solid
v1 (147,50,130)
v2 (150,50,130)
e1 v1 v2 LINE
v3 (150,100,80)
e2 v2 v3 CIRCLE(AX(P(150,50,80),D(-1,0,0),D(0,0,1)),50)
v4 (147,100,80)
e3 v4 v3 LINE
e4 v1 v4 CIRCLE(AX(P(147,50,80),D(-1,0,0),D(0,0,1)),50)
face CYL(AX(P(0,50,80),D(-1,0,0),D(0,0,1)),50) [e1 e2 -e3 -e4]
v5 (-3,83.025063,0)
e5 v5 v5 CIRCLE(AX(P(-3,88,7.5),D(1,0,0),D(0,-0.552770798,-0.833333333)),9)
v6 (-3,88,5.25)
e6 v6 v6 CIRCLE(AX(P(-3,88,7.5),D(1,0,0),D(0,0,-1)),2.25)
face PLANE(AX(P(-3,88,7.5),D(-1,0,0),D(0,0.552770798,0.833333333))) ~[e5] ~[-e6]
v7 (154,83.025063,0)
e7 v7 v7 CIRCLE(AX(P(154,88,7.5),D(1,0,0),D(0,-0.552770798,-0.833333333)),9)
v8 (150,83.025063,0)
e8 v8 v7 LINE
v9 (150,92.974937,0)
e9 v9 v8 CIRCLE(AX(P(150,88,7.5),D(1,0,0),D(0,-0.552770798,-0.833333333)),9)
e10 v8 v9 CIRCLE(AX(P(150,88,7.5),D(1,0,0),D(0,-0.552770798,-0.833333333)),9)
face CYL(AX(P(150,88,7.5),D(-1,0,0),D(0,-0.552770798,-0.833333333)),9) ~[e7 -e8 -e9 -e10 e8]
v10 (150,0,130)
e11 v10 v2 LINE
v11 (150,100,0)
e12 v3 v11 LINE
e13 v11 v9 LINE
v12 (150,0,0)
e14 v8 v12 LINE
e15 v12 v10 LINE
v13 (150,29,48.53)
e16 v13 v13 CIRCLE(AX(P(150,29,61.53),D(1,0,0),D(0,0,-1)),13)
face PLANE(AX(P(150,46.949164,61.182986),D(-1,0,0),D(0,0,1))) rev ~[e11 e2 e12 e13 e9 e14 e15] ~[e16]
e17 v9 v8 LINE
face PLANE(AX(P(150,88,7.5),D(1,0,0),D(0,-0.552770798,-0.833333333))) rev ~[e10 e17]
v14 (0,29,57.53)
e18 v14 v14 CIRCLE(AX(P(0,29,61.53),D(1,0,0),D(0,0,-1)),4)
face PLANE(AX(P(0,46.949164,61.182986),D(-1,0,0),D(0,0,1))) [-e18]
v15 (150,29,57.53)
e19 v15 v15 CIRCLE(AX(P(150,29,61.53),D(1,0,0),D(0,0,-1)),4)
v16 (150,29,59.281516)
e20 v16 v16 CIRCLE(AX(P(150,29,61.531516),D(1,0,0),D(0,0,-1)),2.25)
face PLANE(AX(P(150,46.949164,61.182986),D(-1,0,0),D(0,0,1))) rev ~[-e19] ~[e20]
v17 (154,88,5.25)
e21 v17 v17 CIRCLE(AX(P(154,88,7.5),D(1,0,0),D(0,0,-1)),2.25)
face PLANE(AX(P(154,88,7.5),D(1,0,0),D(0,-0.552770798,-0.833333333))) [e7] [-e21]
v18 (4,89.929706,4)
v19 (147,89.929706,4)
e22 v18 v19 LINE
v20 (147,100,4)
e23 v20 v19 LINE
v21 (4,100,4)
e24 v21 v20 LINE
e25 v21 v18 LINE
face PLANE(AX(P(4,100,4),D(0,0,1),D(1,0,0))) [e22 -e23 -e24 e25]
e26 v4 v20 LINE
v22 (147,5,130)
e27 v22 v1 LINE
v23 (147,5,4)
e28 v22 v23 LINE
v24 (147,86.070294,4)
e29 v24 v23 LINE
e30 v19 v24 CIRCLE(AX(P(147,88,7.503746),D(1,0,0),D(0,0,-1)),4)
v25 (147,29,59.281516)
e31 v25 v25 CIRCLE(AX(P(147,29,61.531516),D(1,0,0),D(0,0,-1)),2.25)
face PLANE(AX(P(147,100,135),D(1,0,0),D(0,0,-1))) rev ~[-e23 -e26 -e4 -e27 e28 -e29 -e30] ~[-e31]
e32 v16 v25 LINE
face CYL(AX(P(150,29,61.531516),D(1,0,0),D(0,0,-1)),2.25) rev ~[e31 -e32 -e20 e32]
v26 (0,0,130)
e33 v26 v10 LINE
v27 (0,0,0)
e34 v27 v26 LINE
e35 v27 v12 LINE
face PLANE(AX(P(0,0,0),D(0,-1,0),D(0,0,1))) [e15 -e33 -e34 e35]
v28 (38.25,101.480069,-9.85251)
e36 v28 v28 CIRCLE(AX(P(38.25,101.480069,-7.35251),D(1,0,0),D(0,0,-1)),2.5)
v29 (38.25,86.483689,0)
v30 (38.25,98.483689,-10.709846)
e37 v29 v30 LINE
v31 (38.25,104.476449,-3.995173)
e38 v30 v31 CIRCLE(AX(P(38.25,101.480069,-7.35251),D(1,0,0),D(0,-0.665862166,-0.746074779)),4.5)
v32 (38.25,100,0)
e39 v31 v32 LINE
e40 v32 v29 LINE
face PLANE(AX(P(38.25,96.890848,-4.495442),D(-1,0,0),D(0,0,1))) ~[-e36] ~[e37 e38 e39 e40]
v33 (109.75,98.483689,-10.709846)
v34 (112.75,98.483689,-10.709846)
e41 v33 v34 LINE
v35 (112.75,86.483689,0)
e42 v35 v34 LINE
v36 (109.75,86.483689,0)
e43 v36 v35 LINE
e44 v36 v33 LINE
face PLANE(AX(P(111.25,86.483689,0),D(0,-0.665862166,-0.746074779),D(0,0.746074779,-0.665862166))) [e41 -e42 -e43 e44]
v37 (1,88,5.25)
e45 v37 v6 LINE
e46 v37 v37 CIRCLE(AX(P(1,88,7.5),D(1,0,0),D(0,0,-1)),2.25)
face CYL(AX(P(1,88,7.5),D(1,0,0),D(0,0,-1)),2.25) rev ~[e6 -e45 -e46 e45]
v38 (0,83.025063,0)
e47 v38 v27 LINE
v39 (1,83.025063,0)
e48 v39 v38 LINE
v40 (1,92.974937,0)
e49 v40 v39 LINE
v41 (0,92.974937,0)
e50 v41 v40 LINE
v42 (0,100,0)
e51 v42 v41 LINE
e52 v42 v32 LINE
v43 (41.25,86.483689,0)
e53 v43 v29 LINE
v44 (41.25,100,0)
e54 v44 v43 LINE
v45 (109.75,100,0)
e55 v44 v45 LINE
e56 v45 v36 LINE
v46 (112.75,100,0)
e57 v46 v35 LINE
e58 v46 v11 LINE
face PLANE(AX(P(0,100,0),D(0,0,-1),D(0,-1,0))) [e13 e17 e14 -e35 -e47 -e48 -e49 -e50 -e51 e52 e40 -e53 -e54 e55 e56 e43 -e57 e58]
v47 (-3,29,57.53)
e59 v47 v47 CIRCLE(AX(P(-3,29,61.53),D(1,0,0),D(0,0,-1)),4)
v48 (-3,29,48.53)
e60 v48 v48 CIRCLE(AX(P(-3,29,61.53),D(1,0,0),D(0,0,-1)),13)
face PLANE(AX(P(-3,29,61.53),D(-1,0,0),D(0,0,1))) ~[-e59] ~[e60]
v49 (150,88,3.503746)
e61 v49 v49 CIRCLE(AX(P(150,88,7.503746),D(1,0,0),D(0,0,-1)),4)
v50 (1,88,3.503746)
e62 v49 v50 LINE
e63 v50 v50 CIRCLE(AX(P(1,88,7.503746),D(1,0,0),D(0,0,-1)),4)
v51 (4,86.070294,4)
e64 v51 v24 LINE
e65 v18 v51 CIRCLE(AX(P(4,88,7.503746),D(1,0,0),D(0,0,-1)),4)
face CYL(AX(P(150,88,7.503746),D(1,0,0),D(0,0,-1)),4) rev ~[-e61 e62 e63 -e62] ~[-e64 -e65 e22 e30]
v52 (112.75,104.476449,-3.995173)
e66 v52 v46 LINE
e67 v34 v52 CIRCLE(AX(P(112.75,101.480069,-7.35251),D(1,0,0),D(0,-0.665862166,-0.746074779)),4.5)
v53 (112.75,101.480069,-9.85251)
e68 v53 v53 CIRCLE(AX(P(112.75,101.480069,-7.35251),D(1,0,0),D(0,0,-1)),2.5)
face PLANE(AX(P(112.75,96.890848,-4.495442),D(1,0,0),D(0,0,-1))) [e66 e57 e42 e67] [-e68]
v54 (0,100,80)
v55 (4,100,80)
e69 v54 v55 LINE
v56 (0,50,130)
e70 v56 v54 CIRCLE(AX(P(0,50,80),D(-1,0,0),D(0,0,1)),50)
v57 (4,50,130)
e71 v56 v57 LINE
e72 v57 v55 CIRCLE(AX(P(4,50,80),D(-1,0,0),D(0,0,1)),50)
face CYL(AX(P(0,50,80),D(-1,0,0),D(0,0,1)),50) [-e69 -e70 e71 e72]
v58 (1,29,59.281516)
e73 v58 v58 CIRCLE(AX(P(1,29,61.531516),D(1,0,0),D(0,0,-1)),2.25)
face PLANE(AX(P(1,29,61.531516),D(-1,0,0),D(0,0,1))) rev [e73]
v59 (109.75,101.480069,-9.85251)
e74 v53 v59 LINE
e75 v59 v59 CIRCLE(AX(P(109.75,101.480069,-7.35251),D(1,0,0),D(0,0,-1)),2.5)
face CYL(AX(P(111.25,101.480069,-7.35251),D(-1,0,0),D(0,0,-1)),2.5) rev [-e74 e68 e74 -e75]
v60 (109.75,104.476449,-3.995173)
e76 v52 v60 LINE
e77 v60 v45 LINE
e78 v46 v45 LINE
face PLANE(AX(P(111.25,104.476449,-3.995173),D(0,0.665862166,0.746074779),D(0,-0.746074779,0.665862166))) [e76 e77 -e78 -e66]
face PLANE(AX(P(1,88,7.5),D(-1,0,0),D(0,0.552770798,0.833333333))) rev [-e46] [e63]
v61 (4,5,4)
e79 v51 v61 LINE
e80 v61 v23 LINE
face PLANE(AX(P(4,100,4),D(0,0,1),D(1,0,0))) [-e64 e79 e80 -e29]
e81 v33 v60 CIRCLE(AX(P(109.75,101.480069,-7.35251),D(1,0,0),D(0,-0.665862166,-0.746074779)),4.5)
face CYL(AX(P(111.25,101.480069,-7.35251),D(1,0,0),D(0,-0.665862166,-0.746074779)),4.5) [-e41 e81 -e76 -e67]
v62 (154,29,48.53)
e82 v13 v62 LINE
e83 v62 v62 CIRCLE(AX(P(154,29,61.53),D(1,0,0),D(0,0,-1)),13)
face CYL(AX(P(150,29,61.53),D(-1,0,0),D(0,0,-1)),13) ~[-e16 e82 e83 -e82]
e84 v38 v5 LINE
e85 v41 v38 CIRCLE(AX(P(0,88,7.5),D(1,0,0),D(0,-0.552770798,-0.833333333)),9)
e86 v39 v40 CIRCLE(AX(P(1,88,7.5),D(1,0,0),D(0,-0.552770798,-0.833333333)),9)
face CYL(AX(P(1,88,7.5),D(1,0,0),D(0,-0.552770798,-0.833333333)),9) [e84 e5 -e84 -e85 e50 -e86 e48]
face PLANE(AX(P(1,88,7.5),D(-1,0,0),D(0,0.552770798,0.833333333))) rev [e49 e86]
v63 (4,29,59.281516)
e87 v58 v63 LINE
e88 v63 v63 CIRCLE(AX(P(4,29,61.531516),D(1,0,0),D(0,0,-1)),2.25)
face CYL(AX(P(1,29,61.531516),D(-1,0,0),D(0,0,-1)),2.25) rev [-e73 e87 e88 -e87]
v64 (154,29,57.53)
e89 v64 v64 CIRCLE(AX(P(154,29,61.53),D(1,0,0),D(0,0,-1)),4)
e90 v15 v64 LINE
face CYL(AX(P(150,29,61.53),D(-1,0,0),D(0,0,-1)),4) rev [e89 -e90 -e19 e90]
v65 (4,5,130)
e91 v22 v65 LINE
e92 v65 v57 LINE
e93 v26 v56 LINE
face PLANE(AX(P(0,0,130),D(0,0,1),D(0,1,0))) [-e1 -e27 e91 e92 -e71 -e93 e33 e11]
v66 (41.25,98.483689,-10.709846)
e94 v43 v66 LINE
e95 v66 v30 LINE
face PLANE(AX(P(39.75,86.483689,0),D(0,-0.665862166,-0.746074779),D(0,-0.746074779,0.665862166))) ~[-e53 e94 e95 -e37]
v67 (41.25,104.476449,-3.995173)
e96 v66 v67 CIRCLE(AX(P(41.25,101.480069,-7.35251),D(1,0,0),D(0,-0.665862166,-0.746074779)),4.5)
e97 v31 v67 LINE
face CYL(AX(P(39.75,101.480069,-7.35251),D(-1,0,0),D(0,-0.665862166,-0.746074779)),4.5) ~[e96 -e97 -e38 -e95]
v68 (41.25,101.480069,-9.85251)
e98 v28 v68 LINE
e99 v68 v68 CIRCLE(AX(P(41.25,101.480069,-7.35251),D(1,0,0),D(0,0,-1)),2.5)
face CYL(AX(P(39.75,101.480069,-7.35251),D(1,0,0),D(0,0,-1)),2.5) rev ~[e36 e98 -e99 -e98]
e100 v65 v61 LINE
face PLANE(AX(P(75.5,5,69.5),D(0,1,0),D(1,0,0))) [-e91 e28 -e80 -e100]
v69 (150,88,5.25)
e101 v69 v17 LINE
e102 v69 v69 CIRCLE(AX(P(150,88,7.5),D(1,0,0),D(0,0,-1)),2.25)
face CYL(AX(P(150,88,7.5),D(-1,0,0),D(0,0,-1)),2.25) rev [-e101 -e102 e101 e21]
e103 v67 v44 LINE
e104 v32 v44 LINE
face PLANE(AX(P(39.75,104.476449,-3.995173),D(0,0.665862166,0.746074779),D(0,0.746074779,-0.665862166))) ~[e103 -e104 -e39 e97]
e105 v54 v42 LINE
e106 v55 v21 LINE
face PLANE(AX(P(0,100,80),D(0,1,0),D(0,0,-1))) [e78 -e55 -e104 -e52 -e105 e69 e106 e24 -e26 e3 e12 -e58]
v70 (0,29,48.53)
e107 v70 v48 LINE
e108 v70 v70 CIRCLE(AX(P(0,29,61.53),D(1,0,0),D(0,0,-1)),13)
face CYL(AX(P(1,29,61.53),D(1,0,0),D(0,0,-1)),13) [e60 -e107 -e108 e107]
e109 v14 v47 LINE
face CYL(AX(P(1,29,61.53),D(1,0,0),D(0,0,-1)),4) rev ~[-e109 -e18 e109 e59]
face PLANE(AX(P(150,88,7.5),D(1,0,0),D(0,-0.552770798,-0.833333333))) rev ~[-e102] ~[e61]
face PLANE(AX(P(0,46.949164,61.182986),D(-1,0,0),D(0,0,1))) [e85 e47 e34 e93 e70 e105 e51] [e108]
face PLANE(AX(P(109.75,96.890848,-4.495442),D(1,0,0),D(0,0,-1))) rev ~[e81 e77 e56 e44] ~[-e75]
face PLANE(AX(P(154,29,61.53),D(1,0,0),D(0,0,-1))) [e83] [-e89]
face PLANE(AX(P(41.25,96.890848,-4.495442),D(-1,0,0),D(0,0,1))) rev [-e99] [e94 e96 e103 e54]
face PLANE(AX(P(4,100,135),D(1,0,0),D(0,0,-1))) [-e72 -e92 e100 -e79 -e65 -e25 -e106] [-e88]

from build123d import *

# Parameters (mm, degrees)
BOSS_EXTRUDE1_DEPTH = 150
SKETCH2_W           = 143
SKETCH2_H           = 131
CUT_EXTRUDE1_DEPTH  = 95
SKETCH3_R           = 2.5
BOSS_EXTRUDE2_DEPTH = 1.5
CUT_EXTRUDE2_REACH  = 227.015
SKETCH4_R           = 2.25
SKETCH4_R_2         = 4
SKETCH5_R           = 9
SKETCH5_R_2         = 2.25
SKETCH5_R_3         = 13
SKETCH5_R_4         = 4
BOSS_EXTRUDE3_DEPTH = 4


with BuildPart() as part:
    # Sketch1 → Boss-Extrude1 (new body)
    with BuildSketch(Plane(origin=(0, 0, 0), x_dir=(0, 0, -1), z_dir=(1, 0, 0))):
        with BuildLine():
            Line((0, 0), (-130, 0))
            Line((-130, 0), (-130, 50))
            ThreePointArc((-130, 50), (-115.355339059, 85.355339059), (-80, 100))
            Line((-80, 100), (0, 100))
            Line((0, 100), (0, 0))
        make_face()
    extrude(amount=BOSS_EXTRUDE1_DEPTH)

    # Sketch2 → Cut-Extrude1 (cut)
    with BuildSketch(Plane(origin=(0, 100, 0), x_dir=(1, 0, 0), z_dir=(0, 1, 0))):
        with Locations((75.5, -69.5)):
            Rectangle(SKETCH2_W, SKETCH2_H)
    extrude(amount=-CUT_EXTRUDE1_DEPTH, mode=Mode.SUBTRACT)

    # Sketch3 → Boss-Extrude2 (add, symmetric)
    with BuildSketch(Plane(origin=(111.25, 0, 0), x_dir=(0, 0, -1), z_dir=(1, 0, 0))):
        with BuildLine():
            Line((0, 100), (0, 86.483689179))
            Line((0, 86.483689179), (10.709846007, 98.483689179))
            ThreePointArc((10.709846007, 98.483689179), (10.348889249, 104.837405432), (3.995172996, 104.476448674))
            Line((3.995172996, 104.476448674), (0, 100))
        make_face()
        with Locations((7.352509502, 101.480068927)):
            Circle(SKETCH3_R, mode=Mode.SUBTRACT)
    boss_extrude2 = extrude(amount=BOSS_EXTRUDE2_DEPTH, both=True)

    # Mirror1: Boss-Extrude2 across plane
    add(boss_extrude2.mirror(Plane(origin=(75.5, 0, 0), x_dir=(0, 0, 1), z_dir=(1, 0, 0))))

    # Sketch4 → Cut-Extrude2 (cut, up to next)
    with BuildSketch(Plane(origin=(150, 0, 0), x_dir=(0, 0, -1), z_dir=(1, 0, 0)), mode=Mode.PRIVATE) as cut_extrude2_sk1:
        with Locations((-61.531516432, 29)):
            Circle(SKETCH4_R)
    cut_extrude2_tool1 = extrude(cut_extrude2_sk1.sketch, amount=-CUT_EXTRUDE2_REACH, mode=Mode.PRIVATE) & part.part
    # Sketch4 → Cut-Extrude2 (cut, up to next)
    with BuildSketch(Plane(origin=(150, 0, 0), x_dir=(0, 0, -1), z_dir=(1, 0, 0)), mode=Mode.PRIVATE) as cut_extrude2_sk2:
        with Locations((-7.503745795, 88)):
            Circle(SKETCH4_R_2)
    cut_extrude2_tool2 = extrude(cut_extrude2_sk2.sketch, amount=-CUT_EXTRUDE2_REACH, mode=Mode.PRIVATE) & part.part
    cut_extrude2_1 = cut_extrude2_tool1.solids().sort_by_distance((150, 29, 61.531516))[0]
    add(cut_extrude2_1, mode=Mode.SUBTRACT)
    cut_extrude2_2 = cut_extrude2_tool2.solids().sort_by_distance((150, 88, 7.503746))[0]
    add(cut_extrude2_2, mode=Mode.SUBTRACT)
    cut_extrude2 = cut_extrude2_1 + cut_extrude2_2  # Cut-Extrude2 as one shape, for the pattern or mirror that repeats it

    # Mirror2: Cut-Extrude2 across plane
    add(cut_extrude2.mirror(Plane(origin=(75.5, 0, 0), x_dir=(0, 0, 1), z_dir=(1, 0, 0))), mode=Mode.SUBTRACT)

    # Sketch5 → Boss-Extrude3 (add)
    # profile 1 of 2: a face of its own
    with BuildSketch(Plane(origin=(150, 0, 0), x_dir=(0, 0, -1), z_dir=(1, 0, 0))):
        with Locations(Location((-7.5, 88, 0), (0, 0, 326.442690238))):
            Circle(SKETCH5_R)
        with Locations((-7.5, 88)):
            Circle(SKETCH5_R_2, mode=Mode.SUBTRACT)
    # profile 2 of 2: a face of its own
    with BuildSketch(Plane(origin=(150, 0, 0), x_dir=(0, 0, -1), z_dir=(1, 0, 0))):
        with Locations((-61.53, 29)):
            Circle(SKETCH5_R_3)
        with Locations((-61.53, 29)):
            Circle(SKETCH5_R_4, mode=Mode.SUBTRACT)
    boss_extrude3 = extrude(amount=BOSS_EXTRUDE3_DEPTH)

    # Mirror3: Boss-Extrude3 across plane
    add(boss_extrude3.mirror(Plane(origin=(75.5, 0, 0), x_dir=(0, 0, 1), z_dir=(1, 0, 0))))


solid = part.part
